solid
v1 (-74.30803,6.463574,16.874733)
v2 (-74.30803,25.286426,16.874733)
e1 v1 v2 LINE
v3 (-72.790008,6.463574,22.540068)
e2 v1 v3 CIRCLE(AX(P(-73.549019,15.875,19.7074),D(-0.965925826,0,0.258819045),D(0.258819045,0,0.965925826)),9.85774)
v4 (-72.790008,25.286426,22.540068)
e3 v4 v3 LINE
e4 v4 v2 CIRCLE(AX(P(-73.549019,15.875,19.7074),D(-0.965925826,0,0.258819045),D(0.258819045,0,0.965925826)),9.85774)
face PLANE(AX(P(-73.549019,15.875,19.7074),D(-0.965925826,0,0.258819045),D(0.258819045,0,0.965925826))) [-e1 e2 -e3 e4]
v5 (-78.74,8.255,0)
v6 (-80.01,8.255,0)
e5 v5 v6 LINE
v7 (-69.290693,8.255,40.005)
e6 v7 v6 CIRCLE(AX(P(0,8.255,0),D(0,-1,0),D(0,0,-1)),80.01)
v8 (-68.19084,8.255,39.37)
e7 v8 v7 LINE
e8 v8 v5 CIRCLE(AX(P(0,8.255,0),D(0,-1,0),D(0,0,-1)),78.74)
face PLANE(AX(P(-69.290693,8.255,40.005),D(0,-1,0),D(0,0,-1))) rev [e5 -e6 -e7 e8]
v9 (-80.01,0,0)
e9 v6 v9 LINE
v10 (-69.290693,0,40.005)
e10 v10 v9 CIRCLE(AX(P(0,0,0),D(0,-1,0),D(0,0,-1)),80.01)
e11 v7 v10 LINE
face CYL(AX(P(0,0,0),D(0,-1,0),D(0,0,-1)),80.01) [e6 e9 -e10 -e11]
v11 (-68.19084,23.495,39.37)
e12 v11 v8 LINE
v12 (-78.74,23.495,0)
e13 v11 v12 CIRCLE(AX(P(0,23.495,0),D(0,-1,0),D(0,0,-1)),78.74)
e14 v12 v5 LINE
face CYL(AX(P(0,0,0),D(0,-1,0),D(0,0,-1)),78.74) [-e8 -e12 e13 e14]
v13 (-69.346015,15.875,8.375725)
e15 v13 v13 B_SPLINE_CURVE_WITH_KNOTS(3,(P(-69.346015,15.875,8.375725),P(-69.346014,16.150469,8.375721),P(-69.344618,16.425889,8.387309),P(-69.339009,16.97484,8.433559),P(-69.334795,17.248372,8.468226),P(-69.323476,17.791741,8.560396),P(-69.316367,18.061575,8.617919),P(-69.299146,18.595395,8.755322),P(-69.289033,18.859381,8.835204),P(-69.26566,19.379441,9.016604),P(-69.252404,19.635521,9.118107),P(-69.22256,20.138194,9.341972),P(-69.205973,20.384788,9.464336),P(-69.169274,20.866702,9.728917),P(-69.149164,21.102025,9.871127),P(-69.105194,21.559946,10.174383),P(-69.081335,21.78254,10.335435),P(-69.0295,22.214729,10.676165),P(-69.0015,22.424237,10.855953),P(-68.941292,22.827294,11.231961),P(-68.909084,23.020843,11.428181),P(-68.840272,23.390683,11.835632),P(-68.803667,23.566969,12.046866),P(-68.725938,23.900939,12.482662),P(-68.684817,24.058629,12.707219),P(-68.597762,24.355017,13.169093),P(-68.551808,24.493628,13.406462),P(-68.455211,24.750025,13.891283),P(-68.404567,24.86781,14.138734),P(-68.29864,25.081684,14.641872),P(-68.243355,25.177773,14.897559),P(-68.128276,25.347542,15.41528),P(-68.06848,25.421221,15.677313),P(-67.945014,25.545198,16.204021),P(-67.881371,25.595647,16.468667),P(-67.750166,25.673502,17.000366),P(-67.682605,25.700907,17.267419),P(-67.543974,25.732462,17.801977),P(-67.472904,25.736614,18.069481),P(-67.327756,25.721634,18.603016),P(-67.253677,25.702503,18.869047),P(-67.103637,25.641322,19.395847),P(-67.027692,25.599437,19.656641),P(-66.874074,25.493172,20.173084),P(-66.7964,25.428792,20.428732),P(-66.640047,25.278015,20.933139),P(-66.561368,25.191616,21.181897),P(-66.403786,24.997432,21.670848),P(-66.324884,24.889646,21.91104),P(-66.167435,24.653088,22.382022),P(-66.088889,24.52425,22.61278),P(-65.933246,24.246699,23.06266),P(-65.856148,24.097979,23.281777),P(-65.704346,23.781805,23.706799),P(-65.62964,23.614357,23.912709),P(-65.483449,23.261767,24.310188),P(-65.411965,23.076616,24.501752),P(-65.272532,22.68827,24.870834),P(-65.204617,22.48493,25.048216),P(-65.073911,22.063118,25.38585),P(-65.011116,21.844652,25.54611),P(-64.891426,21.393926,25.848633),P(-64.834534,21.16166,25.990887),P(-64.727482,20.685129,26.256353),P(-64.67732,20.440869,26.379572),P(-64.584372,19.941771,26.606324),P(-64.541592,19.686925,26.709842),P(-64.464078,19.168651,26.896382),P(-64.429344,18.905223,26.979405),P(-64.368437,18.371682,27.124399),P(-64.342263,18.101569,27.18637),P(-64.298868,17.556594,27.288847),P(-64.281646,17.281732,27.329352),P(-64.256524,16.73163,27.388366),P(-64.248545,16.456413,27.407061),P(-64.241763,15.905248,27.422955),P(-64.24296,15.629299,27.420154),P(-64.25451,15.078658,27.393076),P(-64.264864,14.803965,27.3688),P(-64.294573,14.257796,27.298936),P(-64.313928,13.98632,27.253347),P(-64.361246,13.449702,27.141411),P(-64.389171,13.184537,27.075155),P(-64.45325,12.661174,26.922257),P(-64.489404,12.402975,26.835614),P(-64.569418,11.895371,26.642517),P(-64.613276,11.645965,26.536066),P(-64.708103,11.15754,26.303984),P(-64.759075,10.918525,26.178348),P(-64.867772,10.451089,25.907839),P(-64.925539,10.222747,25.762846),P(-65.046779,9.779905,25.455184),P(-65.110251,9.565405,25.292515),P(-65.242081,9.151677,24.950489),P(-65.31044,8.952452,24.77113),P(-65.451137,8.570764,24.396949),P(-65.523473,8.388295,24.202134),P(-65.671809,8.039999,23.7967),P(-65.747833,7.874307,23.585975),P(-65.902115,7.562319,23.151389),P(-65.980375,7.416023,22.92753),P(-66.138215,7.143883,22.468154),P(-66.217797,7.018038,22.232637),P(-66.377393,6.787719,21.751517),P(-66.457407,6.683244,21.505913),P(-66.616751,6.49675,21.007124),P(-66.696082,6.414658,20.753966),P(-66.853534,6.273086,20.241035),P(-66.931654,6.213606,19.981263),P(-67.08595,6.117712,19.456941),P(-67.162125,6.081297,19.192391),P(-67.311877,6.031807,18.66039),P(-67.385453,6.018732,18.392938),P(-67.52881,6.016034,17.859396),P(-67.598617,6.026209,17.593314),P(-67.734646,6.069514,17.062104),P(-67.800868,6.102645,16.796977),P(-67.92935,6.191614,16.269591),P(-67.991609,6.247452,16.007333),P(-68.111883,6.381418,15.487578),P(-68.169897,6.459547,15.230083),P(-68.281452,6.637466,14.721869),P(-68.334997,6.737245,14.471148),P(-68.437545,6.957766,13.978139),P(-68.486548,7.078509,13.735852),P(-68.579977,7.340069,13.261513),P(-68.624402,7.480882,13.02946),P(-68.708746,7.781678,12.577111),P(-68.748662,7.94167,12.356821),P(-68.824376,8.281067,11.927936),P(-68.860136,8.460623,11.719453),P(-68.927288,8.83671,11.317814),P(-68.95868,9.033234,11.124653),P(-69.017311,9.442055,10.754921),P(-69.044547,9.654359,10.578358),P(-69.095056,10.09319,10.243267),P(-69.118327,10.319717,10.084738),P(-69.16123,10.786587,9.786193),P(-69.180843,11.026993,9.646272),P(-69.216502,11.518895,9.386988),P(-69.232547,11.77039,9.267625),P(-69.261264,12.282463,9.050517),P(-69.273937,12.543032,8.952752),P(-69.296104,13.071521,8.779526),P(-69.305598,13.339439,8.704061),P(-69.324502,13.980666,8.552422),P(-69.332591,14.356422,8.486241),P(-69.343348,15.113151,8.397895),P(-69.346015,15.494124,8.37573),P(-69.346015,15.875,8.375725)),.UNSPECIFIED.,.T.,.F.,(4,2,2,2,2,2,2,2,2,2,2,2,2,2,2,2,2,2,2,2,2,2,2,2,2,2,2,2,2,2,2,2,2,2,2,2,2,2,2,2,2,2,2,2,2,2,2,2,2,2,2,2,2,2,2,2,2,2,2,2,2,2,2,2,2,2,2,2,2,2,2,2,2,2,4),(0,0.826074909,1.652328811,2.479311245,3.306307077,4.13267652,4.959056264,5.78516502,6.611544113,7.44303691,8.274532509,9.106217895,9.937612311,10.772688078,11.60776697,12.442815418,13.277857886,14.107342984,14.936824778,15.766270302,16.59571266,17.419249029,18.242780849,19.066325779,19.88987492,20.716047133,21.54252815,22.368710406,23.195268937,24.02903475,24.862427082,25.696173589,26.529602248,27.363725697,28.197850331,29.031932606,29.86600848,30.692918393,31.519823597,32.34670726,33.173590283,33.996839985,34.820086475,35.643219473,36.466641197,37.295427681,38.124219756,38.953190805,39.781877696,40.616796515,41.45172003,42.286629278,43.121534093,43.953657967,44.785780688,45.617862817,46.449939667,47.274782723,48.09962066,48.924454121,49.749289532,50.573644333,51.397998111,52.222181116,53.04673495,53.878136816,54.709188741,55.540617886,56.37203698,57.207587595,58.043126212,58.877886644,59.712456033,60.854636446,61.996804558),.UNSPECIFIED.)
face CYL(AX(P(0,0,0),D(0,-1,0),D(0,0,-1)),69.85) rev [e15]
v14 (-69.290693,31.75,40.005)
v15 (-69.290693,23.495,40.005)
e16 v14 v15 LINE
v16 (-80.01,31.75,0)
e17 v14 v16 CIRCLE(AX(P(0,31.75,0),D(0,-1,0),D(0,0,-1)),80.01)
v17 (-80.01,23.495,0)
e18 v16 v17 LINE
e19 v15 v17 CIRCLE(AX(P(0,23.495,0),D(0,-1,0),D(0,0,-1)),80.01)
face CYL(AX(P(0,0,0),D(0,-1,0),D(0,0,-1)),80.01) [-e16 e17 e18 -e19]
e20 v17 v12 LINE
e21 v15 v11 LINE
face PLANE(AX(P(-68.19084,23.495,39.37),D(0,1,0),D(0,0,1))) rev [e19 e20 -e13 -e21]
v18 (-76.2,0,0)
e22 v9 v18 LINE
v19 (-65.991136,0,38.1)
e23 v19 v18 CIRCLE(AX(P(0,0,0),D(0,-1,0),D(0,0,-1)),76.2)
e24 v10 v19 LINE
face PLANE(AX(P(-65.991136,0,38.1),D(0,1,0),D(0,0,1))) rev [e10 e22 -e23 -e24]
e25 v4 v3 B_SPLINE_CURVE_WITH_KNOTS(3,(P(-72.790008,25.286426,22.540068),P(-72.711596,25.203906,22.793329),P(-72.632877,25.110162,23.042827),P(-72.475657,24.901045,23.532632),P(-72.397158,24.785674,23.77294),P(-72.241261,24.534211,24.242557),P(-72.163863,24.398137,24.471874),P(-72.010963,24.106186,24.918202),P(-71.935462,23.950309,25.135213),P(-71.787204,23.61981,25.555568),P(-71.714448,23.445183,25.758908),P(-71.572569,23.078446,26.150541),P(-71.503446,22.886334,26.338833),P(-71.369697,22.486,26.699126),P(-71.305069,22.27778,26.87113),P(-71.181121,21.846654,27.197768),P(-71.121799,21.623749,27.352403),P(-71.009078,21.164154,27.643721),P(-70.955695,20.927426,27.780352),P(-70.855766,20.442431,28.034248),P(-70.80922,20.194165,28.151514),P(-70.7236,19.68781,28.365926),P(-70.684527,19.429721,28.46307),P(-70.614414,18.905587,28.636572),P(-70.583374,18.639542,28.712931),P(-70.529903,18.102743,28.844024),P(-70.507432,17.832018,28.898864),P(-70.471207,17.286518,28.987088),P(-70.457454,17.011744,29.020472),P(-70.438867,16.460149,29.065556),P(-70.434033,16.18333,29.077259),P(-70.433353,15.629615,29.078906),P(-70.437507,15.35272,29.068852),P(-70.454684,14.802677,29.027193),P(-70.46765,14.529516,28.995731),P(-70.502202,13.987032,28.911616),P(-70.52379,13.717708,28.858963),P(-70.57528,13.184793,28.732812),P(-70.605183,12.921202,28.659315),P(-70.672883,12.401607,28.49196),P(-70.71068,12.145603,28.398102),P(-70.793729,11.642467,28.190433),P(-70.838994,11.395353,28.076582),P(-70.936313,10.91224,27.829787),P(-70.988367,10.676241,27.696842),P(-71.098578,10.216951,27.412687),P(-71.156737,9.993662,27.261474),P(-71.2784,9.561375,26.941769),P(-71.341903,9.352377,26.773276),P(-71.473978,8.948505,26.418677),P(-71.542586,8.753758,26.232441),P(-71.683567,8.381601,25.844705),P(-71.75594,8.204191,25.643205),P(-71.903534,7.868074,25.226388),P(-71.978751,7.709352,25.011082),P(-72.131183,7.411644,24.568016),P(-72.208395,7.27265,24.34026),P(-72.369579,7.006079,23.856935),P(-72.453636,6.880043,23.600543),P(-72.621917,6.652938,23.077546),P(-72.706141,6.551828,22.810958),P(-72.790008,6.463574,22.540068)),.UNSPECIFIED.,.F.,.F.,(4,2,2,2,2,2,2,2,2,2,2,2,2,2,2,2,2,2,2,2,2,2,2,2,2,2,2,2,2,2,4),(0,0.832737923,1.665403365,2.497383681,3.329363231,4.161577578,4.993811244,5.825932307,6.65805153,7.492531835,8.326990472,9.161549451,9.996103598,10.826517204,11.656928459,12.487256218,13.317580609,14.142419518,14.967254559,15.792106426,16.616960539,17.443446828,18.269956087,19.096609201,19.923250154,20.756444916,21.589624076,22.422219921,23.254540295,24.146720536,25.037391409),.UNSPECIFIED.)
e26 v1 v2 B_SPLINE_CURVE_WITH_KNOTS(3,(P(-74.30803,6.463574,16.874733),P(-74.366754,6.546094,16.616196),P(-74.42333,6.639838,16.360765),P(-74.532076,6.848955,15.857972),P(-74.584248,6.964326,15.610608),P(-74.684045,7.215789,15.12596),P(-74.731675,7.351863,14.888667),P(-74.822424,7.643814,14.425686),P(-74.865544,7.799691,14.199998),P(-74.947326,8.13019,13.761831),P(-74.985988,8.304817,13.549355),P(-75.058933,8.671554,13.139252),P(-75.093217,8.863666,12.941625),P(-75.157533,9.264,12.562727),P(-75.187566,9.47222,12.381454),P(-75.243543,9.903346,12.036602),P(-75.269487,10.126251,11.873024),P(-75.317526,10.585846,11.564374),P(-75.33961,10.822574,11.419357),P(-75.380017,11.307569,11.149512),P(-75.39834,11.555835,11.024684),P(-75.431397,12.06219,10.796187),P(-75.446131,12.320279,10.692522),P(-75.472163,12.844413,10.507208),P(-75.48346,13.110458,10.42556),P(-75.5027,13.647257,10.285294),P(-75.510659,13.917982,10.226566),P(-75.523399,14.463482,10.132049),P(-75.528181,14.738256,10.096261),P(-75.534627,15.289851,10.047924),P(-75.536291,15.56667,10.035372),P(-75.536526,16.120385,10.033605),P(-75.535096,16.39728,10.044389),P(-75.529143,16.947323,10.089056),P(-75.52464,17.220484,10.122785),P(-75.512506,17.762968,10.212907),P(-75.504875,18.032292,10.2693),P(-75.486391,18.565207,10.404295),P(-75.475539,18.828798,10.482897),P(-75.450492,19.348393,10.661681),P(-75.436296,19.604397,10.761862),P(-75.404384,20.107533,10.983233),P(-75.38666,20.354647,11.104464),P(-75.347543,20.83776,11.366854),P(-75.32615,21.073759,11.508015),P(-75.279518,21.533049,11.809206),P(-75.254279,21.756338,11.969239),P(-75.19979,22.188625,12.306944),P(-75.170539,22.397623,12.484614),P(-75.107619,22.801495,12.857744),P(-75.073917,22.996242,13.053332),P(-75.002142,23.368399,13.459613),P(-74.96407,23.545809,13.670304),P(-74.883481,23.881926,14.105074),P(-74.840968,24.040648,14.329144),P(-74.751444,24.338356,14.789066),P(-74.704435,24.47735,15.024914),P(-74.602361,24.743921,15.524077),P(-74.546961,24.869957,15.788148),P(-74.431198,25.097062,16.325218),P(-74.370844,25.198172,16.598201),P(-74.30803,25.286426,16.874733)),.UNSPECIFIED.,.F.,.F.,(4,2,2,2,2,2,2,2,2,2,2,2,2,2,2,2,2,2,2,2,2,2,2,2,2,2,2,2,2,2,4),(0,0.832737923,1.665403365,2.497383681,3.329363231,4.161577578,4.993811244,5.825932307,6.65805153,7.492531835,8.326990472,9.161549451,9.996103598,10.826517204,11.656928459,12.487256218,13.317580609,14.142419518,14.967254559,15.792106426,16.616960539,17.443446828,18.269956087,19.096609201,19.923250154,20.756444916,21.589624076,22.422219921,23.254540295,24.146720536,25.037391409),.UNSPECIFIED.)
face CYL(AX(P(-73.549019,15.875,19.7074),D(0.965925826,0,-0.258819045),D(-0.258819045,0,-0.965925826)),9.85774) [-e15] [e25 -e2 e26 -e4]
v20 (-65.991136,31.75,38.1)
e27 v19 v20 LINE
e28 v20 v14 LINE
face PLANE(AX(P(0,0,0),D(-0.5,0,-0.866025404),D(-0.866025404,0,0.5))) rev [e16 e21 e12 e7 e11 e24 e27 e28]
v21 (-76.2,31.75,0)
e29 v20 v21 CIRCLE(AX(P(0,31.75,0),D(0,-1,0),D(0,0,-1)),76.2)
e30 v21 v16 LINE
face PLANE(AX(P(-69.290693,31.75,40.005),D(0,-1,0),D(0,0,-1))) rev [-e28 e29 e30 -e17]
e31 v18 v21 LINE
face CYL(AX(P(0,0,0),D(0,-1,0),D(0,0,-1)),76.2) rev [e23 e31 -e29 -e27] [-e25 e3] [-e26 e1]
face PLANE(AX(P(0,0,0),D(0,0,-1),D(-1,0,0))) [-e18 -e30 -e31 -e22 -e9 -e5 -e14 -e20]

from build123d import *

# Parameters (mm, degrees)
REVOLVE1_ANGLE      = 30
SKETCH2_R           = 9.85774
BOSS_EXTRUDE1_DEPTH = 2.54
SKETCH3_R           = 9.85774
BOSS_EXTRUDE2_DEPTH = 12.7
SKETCH4_W           = 69.85
SKETCH4_H           = 31.75
CUT_REVOLVE1_ANGLE  = 30


with BuildPart() as part:
    # Sketch1 → Revolve1 (revolve)
    with BuildSketch(Plane.XY):
        Polygon((-80.01, 0), (-80.01, 8.255), (-78.74, 8.255), (-78.74, 23.495), (-80.01, 23.495), (-80.01, 31.75), (-76.2, 31.75), (-76.2, 0), align=None)
    revolve(axis=Axis((0, 0, 0), (0, 1, 0)), revolution_arc=REVOLVE1_ANGLE)

    # Sketch2 → Boss-Extrude1 (add)
    with BuildSketch(Plane(origin=(-71.095567884, 0, 19.05), x_dir=(0.258819045, 0, 0.965925826), z_dir=(-0.965925826, 0, 0.258819045))):
        with Locations((0, 15.875)):
            Circle(SKETCH2_R)
    extrude(amount=BOSS_EXTRUDE1_DEPTH)

    # Sketch3 → Boss-Extrude2 (add)
    with BuildSketch(Plane(origin=(-71.095567884, 0, 19.05), x_dir=(-0.258819045, 0, -0.965925826), z_dir=(0.965925826, 0, -0.258819045))):
        with Locations((0, 15.875)):
            Circle(SKETCH3_R)
    extrude(amount=BOSS_EXTRUDE2_DEPTH)

    # Sketch4 → Cut-Revolve1 (revolve, cut)
    with BuildSketch(Plane.XY):
        with Locations((-34.925, 15.875)):
            Rectangle(SKETCH4_W, SKETCH4_H)
    revolve(axis=Axis((0, 0, 0), (0, 1, 0)), revolution_arc=CUT_REVOLVE1_ANGLE, mode=Mode.SUBTRACT)


solid = part.part
